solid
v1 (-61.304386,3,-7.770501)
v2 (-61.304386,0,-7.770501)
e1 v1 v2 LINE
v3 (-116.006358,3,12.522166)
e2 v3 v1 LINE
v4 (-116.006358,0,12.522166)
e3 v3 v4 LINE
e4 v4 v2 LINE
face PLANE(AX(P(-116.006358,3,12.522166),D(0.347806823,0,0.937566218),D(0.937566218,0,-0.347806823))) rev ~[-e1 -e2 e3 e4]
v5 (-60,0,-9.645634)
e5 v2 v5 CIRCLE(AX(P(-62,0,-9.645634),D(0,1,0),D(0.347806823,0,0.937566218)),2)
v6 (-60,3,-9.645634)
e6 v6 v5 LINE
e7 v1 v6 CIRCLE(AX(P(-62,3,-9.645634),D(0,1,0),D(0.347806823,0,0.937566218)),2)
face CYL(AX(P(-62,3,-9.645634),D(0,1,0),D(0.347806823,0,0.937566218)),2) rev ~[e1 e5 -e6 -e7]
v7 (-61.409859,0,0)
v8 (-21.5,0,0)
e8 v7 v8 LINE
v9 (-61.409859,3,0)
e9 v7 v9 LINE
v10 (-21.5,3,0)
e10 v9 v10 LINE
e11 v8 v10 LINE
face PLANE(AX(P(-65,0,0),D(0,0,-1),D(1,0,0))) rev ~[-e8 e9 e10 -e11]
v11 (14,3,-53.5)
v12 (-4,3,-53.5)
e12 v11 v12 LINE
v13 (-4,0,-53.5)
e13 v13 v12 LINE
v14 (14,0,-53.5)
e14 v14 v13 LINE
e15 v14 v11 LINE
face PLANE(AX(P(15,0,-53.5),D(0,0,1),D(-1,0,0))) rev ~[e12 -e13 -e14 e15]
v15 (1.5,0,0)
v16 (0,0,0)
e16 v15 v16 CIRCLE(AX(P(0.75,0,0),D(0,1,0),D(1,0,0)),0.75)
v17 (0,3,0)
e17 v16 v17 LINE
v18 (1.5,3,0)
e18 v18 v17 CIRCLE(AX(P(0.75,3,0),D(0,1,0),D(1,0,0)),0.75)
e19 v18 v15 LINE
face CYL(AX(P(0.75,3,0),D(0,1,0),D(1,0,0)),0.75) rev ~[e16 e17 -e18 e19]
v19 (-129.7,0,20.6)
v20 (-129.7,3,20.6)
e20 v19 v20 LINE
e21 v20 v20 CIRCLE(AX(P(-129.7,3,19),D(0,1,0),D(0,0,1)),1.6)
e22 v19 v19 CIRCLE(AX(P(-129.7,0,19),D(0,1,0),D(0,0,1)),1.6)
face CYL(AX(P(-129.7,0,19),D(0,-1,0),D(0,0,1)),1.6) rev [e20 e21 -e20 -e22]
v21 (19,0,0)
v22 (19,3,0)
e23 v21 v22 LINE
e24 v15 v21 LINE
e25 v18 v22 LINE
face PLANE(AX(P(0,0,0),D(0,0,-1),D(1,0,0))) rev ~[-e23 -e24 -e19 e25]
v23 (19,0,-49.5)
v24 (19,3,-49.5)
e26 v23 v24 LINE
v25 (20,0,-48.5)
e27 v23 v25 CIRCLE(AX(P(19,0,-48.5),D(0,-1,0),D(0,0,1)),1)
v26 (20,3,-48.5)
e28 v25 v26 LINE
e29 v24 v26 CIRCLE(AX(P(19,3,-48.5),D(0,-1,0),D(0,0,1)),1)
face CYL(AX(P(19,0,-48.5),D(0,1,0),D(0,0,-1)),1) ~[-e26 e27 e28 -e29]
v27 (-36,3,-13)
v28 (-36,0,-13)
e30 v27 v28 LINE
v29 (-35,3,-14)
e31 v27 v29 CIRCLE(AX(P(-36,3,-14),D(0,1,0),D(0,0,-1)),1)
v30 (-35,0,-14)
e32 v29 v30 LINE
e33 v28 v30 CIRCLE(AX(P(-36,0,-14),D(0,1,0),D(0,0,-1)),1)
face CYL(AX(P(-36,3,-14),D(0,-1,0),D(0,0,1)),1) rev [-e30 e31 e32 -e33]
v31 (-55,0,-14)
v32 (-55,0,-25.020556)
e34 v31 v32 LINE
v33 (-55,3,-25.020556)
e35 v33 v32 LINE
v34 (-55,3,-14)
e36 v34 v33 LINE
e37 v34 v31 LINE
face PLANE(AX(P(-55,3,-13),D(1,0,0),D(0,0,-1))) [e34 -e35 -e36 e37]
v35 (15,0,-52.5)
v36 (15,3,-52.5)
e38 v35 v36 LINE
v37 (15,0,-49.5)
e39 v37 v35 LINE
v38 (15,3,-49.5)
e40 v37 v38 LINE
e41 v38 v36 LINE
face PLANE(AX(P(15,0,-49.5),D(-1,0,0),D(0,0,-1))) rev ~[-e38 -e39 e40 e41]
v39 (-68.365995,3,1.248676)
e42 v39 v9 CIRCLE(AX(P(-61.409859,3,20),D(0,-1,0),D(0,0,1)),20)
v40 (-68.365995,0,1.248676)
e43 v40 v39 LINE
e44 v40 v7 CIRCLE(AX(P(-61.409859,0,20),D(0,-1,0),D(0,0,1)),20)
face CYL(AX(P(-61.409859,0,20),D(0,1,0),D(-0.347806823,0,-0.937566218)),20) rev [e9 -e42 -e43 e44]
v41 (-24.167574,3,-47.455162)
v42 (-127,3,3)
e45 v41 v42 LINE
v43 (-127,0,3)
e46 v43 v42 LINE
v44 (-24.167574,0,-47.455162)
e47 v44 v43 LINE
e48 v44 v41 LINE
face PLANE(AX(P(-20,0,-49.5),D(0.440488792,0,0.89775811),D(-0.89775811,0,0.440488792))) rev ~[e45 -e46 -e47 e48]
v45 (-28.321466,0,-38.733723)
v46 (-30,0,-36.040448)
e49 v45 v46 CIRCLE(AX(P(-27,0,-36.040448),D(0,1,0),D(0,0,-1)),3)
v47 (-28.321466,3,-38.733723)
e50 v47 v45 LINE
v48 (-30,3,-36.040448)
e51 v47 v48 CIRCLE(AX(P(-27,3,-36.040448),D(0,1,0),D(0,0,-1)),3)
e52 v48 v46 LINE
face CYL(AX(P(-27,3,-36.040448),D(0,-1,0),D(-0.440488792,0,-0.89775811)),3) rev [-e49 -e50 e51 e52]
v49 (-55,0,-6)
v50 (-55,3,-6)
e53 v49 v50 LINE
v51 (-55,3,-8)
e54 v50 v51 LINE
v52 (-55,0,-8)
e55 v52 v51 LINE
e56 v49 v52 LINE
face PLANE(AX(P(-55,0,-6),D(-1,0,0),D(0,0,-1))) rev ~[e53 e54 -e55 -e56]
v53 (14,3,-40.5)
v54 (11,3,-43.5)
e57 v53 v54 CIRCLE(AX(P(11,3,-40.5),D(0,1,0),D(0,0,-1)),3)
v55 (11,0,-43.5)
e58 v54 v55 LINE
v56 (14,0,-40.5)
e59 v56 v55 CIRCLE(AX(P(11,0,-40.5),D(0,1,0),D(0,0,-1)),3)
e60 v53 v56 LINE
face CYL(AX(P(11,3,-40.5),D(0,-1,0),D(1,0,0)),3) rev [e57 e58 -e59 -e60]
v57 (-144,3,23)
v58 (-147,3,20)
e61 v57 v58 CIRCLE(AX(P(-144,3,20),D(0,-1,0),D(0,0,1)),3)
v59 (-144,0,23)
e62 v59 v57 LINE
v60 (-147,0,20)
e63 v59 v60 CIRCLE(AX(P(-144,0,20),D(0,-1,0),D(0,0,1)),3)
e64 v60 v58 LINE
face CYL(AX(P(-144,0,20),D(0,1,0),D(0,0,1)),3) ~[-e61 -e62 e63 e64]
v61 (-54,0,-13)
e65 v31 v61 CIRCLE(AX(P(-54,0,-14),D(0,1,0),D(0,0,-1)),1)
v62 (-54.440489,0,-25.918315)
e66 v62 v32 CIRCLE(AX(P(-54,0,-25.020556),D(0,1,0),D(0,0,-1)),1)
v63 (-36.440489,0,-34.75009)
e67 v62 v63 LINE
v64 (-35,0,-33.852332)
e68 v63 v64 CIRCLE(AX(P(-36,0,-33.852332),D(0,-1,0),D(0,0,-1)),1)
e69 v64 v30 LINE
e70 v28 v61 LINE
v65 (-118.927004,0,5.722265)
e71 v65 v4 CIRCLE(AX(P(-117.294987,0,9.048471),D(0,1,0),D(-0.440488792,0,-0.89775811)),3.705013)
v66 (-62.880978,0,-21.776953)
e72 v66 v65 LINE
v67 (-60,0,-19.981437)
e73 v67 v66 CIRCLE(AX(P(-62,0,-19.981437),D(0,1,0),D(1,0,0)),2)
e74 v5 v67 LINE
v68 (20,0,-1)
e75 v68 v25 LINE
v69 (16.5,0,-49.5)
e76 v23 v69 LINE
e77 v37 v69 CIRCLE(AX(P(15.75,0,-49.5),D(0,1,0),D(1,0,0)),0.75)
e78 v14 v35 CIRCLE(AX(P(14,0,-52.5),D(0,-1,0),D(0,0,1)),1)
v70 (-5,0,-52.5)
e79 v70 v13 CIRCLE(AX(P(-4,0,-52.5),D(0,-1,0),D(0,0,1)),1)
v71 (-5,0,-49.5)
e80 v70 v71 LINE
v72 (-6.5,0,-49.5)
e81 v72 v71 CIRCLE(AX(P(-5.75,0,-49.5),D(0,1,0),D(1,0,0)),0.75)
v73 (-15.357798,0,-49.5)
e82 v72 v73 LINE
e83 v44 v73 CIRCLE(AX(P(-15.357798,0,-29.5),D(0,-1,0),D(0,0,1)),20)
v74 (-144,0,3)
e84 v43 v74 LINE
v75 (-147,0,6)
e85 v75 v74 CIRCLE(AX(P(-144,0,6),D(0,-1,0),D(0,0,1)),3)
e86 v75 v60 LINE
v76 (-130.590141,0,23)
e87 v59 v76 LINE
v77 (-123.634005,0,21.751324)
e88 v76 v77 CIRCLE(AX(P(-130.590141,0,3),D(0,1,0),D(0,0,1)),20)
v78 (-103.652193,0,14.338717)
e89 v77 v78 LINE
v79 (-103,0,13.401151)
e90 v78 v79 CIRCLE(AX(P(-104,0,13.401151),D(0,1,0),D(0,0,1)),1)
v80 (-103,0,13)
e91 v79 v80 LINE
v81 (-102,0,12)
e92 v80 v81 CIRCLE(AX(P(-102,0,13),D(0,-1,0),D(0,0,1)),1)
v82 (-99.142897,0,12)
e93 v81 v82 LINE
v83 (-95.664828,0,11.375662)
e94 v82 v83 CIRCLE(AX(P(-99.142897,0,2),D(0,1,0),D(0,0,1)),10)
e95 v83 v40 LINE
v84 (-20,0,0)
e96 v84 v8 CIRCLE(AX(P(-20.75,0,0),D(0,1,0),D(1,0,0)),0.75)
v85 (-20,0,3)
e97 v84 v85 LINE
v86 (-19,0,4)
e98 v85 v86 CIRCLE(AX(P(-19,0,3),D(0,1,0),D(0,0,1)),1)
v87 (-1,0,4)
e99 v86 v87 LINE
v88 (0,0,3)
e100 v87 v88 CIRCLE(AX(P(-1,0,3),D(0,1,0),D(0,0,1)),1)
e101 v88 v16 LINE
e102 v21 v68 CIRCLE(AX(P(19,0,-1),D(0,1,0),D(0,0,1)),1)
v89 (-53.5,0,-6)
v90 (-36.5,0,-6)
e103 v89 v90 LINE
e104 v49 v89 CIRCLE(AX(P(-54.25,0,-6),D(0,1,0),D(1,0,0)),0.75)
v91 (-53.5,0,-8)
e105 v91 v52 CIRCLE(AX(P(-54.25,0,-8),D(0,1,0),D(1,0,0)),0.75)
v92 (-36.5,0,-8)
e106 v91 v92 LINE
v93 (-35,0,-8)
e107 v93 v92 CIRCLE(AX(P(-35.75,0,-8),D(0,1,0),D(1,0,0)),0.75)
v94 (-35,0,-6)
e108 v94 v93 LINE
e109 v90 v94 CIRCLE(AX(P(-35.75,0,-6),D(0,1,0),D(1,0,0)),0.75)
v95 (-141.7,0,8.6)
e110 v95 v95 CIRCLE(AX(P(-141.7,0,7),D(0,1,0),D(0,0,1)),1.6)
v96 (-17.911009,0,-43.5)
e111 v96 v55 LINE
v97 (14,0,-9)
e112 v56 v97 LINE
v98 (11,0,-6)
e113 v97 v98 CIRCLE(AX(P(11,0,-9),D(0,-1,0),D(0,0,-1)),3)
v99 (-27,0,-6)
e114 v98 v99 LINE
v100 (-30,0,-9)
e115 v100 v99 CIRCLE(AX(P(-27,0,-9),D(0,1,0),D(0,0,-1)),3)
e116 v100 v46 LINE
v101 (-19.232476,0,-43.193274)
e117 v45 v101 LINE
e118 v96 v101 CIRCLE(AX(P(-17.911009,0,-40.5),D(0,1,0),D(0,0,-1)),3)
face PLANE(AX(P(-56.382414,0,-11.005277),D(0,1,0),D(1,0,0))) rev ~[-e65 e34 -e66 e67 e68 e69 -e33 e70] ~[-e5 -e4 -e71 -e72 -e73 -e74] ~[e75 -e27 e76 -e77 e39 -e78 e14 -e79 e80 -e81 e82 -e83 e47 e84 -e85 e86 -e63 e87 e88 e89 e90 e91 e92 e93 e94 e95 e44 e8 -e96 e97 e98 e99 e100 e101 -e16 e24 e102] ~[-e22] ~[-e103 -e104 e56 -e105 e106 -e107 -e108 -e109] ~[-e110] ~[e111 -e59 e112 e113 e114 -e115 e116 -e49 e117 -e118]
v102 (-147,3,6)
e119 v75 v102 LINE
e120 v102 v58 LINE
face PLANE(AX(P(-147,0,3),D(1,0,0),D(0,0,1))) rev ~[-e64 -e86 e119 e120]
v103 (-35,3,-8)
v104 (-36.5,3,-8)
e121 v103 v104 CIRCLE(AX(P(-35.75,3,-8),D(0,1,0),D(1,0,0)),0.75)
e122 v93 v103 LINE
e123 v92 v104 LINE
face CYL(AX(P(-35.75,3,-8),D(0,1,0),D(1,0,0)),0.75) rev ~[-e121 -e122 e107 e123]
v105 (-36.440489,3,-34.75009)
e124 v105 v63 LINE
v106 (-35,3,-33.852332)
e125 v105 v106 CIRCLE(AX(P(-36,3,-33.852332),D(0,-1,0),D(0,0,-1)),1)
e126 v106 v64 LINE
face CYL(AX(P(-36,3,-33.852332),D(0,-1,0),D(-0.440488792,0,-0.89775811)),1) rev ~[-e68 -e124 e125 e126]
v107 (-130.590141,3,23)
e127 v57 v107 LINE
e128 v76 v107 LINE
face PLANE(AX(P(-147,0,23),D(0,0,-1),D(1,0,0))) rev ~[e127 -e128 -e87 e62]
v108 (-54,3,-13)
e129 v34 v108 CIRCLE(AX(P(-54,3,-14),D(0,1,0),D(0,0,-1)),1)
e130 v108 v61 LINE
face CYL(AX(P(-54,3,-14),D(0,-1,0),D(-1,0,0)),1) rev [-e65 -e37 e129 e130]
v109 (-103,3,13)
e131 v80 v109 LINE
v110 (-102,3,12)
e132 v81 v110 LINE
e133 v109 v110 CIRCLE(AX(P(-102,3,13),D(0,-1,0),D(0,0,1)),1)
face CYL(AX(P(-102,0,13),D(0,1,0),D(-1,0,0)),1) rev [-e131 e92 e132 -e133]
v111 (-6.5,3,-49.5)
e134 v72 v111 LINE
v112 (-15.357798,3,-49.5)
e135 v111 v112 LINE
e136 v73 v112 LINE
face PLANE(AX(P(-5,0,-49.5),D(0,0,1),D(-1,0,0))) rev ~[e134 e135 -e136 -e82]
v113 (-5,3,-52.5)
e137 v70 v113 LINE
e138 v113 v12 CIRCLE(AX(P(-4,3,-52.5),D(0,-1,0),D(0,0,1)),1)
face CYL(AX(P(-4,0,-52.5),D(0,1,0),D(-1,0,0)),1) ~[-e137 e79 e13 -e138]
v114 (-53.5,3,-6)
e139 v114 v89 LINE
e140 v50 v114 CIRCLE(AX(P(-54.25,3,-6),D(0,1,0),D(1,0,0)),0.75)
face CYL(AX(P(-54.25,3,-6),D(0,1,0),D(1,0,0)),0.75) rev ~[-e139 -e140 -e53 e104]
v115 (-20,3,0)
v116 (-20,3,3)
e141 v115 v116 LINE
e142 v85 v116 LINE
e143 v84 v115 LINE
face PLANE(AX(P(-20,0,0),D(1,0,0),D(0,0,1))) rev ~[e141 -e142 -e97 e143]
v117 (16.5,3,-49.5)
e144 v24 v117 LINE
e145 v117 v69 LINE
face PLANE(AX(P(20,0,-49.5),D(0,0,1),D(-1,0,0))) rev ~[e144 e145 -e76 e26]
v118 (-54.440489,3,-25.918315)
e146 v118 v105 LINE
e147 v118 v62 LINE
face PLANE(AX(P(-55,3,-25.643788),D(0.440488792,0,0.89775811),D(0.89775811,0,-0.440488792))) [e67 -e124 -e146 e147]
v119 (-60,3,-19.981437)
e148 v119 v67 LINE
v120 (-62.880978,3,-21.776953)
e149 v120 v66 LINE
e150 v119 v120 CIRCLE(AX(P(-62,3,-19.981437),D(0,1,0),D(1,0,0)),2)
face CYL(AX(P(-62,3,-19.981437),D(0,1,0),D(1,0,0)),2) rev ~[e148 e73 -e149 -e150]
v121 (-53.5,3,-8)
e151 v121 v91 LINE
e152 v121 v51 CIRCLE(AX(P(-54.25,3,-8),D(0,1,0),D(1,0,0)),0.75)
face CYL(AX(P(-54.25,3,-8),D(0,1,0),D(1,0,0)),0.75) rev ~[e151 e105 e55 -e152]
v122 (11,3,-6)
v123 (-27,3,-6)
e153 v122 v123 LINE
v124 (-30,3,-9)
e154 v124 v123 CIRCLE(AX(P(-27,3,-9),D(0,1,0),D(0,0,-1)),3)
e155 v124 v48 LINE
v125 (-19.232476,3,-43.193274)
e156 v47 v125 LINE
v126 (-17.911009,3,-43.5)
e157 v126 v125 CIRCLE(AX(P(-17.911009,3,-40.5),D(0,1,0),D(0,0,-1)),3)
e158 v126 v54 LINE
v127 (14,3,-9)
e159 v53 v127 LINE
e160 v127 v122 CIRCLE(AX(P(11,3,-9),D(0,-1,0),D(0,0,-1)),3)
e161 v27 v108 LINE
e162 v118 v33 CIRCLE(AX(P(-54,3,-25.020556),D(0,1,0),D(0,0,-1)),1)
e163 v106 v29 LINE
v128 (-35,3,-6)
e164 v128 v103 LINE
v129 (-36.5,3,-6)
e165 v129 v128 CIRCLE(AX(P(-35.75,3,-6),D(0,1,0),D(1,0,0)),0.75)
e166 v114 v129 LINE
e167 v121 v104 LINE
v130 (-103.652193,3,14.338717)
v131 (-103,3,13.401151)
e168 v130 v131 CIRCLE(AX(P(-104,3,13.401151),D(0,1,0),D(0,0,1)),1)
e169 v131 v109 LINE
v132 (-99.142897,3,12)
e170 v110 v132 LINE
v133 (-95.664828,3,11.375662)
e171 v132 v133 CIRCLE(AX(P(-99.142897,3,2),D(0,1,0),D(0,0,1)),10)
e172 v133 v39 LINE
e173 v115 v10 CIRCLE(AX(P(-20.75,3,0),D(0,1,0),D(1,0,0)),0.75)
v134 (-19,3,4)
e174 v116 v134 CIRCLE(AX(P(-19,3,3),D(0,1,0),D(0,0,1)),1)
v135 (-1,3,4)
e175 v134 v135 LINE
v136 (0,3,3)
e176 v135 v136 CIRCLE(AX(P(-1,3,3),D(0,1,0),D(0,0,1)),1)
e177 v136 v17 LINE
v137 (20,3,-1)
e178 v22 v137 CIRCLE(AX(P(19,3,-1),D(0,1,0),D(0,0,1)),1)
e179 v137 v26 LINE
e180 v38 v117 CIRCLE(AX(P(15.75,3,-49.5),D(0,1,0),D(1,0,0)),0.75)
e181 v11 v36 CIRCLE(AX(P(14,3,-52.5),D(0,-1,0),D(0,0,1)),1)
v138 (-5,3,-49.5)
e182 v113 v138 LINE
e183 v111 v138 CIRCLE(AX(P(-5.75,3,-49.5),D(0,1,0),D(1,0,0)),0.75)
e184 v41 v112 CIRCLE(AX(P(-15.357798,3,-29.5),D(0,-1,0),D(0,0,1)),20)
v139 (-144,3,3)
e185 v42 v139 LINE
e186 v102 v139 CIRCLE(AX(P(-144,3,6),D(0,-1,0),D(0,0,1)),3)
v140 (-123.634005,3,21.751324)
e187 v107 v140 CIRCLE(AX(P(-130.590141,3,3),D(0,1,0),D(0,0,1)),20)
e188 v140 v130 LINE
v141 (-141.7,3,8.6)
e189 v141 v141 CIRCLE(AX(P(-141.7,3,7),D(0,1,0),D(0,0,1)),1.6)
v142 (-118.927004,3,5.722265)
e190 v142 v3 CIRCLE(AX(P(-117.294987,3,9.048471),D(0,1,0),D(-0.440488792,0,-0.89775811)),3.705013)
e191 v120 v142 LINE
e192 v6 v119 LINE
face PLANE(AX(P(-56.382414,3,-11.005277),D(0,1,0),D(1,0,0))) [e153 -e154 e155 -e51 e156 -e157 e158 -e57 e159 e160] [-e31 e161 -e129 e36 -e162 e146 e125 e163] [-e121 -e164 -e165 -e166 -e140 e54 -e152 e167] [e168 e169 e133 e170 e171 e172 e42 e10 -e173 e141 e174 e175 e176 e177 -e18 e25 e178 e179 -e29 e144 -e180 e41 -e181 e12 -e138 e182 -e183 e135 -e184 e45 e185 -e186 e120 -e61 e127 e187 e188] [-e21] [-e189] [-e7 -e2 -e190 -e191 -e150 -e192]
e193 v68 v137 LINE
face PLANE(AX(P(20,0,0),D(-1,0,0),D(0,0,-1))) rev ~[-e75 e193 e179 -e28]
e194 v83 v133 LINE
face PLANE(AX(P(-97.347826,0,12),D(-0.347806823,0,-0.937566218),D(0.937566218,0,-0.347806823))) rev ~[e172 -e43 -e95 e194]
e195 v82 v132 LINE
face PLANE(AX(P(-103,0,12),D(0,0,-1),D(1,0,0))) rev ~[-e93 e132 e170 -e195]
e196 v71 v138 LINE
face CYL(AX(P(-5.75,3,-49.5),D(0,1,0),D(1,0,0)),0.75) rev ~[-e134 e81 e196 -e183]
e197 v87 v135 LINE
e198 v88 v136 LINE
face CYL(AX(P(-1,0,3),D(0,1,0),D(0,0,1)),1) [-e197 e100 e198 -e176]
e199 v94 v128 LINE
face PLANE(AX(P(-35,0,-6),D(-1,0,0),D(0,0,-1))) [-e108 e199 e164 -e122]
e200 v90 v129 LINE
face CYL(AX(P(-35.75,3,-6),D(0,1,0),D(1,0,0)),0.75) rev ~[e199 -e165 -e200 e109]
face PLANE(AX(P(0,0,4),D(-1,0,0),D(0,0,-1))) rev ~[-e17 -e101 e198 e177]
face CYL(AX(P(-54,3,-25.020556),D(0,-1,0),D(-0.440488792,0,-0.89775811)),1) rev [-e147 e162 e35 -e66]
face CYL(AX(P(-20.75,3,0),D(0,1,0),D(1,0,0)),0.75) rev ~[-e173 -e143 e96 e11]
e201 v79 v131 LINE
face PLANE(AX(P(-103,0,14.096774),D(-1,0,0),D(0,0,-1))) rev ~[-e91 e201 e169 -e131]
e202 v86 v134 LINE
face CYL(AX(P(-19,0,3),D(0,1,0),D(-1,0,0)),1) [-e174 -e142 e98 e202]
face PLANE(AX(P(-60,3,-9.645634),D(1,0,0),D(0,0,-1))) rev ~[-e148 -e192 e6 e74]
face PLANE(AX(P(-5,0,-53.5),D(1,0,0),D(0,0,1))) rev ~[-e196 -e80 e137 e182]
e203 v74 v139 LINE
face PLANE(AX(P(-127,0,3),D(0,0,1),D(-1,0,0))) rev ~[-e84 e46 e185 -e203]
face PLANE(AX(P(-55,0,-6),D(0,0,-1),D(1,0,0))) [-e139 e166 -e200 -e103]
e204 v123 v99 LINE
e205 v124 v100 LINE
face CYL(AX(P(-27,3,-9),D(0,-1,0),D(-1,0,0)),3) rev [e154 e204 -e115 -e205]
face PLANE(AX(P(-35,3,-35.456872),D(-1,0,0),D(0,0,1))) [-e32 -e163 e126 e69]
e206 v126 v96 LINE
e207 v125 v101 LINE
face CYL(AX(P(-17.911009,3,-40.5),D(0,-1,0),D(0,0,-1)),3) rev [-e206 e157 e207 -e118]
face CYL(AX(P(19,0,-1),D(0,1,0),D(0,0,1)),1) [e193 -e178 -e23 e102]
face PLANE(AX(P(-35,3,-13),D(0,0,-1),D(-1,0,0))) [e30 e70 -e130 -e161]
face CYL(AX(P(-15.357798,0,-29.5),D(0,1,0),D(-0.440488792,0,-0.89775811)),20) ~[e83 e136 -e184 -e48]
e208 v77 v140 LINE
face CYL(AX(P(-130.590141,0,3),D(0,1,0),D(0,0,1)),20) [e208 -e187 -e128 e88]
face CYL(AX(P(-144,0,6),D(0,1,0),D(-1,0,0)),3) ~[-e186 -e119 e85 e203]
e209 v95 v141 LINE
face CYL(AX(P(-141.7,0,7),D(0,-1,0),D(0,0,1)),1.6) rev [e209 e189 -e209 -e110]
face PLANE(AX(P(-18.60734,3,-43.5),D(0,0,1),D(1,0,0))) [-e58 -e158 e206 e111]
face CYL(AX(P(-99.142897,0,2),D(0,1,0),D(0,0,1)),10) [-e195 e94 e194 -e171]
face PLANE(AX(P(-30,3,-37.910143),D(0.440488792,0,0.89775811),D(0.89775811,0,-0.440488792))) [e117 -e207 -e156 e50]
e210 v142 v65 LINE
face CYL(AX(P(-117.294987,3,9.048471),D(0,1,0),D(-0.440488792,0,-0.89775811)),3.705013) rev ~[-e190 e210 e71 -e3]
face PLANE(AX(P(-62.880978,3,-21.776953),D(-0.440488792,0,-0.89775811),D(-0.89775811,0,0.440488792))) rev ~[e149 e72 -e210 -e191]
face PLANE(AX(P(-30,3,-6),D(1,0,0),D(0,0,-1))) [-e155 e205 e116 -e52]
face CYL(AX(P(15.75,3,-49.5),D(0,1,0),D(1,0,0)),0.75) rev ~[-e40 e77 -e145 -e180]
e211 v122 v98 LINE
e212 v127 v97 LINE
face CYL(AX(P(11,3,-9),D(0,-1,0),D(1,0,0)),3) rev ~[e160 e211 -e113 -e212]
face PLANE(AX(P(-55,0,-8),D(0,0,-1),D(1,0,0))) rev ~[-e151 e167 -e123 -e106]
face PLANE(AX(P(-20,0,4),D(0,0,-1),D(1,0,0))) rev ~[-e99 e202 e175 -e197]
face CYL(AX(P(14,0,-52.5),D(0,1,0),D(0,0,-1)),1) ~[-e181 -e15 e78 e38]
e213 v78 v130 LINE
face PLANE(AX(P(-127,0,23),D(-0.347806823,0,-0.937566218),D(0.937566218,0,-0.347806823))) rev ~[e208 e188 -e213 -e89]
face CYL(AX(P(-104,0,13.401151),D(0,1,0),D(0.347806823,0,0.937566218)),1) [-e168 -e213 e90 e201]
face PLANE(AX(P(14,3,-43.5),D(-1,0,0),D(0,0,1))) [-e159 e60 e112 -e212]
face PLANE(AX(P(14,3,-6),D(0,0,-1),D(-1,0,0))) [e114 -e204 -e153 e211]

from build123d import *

# Parameters (mm, degrees)
SKETCH_1_R          = 1.6
SKETCH_1_W          = 20
SKETCH_1_H          = 2
EXTRUDE_1_DEPTH     = 3
SKETCH_2_R          = 0.75
CUT_EXTRUDE_1_DEPTH = 157.461656645
FILLET_1_R          = 3
FILLET_2_R          = 20
FILLET_3_R          = 1
FILLET_4_R          = 10


with BuildPart() as part:
    # 草图1 → 凸台-拉伸1 (new body)
    with BuildSketch(Plane(origin=(0, 0, 0), x_dir=(1, 0, 0), z_dir=(0, 1, 0))):
        Polygon((0, 0), (20, 0), (20, 49.5), (15, 49.5), (15, 53.5), (-5, 53.5), (-5, 49.5), (-20, 49.5), (-127, -3), (-147, -3), (-147, -23), (-127, -23), (-103, -14.096774194), (-103, -12), (-97.347826087, -12), (-65, 0), (-20, 0), (-20, -4), (0, -4), align=None)
        with Locations(Location((-141.7, -7, 0), (0, 0, 270))):
            Circle(SKETCH_1_R, mode=Mode.SUBTRACT)
        with Locations(Location((-129.7, -19, 0), (0, 0, 270))):
            Circle(SKETCH_1_R, mode=Mode.SUBTRACT)
        with Locations((-45, 7)):
            Rectangle(SKETCH_1_W, SKETCH_1_H, mode=Mode.SUBTRACT)
    extrude(amount=EXTRUDE_1_DEPTH)

    # 草图2 → 切除-拉伸1 (cut, through all)
    with BuildSketch(Plane(origin=(0, 3, 0), x_dir=(1, 0, 0), z_dir=(0, 1, 0))):
        with Locations((-5.75, 49.5)):
            Circle(SKETCH_2_R)
        with Locations((15.75, 49.5)):
            Circle(SKETCH_2_R)
        with Locations((0.75, 0)):
            Circle(SKETCH_2_R)
        with Locations((-20.75, 0)):
            Circle(SKETCH_2_R)
        with Locations((-54.25, 8)):
            Circle(SKETCH_2_R)
        with Locations((-54.25, 6)):
            Circle(SKETCH_2_R)
        with Locations((-35.75, 6)):
            Circle(SKETCH_2_R)
        with Locations((-35.75, 8)):
            Circle(SKETCH_2_R)
        Polygon((14, 6), (-30, 6), (-30, 37.910143214), (-18.607339503, 43.5), (14, 43.5), align=None)
        Polygon((-35, 35.456872186), (-35, 13), (-55, 13), (-55, 25.643788074), align=None)
        with BuildLine():
            Line((-60, 9.645633867), (-60, 19.981437058))
            ThreePointArc((-60, 19.981437058), (-60.942161442, 21.678781332), (-62.880977584, 21.776953278))
            Line((-62.880977584, 21.776953278), (-118.927003728, -5.722265157))
            ThreePointArc((-118.927003728, -5.722265157), (-120.699269674, -10.510654148), (-116.006358262, -12.522165568))
            Line((-116.006358262, -12.522165568), (-61.304386354, 7.77050143))
            ThreePointArc((-61.304386354, 7.77050143), (-60.358167595, 8.503536518), (-60, 9.645633867))
        make_face()
    extrude(amount=-CUT_EXTRUDE_1_DEPTH, mode=Mode.SUBTRACT)

    # 圆角1
    fillet_1_edges = [part.edges().sort_by_distance(p)[0] for p in [
        (14, 1.5, -43.5),
        (14, 1.5, -6),
        (-30, 1.5, -6),
        (-30, 1.5, -37.910143214),
        (-18.607339503, 1.5, -43.5),
        (-147, 1.5, 23),
        (-147, 1.5, 3),
    ]]
    fillet(fillet_1_edges, radius=FILLET_1_R)

    # 圆角2
    fillet_2_edges = [part.edges().sort_by_distance(p)[0] for p in [
        (-65, 1.5, 0),
        (-127, 1.5, 23),
        (-20, 1.5, -49.5),
    ]]
    fillet(fillet_2_edges, radius=FILLET_2_R)

    # 圆角3
    fillet_3_edges = [part.edges().sort_by_distance(p)[0] for p in [
        (-55, 1.5, -13),
        (-55, 1.5, -25.643788074),
        (-35, 1.5, -35.456872186),
        (-35, 1.5, -13),
        (0, 1.5, 4),
        (-20, 1.5, 4),
        (-103, 1.5, 12),
        (-103, 1.5, 14.096774194),
        (-5, 1.5, -53.5),
        (15, 1.5, -53.5),
        (20, 1.5, -49.5),
        (20, 1.5, 0),
    ]]
    fillet(fillet_3_edges, radius=FILLET_3_R)

    # 圆角4
    fillet_4_edges = [part.edges().sort_by_distance(p)[0] for p in [
        (-97.347826087, 1.5, 12),
    ]]
    fillet(fillet_4_edges, radius=FILLET_4_R)


solid = part.part
